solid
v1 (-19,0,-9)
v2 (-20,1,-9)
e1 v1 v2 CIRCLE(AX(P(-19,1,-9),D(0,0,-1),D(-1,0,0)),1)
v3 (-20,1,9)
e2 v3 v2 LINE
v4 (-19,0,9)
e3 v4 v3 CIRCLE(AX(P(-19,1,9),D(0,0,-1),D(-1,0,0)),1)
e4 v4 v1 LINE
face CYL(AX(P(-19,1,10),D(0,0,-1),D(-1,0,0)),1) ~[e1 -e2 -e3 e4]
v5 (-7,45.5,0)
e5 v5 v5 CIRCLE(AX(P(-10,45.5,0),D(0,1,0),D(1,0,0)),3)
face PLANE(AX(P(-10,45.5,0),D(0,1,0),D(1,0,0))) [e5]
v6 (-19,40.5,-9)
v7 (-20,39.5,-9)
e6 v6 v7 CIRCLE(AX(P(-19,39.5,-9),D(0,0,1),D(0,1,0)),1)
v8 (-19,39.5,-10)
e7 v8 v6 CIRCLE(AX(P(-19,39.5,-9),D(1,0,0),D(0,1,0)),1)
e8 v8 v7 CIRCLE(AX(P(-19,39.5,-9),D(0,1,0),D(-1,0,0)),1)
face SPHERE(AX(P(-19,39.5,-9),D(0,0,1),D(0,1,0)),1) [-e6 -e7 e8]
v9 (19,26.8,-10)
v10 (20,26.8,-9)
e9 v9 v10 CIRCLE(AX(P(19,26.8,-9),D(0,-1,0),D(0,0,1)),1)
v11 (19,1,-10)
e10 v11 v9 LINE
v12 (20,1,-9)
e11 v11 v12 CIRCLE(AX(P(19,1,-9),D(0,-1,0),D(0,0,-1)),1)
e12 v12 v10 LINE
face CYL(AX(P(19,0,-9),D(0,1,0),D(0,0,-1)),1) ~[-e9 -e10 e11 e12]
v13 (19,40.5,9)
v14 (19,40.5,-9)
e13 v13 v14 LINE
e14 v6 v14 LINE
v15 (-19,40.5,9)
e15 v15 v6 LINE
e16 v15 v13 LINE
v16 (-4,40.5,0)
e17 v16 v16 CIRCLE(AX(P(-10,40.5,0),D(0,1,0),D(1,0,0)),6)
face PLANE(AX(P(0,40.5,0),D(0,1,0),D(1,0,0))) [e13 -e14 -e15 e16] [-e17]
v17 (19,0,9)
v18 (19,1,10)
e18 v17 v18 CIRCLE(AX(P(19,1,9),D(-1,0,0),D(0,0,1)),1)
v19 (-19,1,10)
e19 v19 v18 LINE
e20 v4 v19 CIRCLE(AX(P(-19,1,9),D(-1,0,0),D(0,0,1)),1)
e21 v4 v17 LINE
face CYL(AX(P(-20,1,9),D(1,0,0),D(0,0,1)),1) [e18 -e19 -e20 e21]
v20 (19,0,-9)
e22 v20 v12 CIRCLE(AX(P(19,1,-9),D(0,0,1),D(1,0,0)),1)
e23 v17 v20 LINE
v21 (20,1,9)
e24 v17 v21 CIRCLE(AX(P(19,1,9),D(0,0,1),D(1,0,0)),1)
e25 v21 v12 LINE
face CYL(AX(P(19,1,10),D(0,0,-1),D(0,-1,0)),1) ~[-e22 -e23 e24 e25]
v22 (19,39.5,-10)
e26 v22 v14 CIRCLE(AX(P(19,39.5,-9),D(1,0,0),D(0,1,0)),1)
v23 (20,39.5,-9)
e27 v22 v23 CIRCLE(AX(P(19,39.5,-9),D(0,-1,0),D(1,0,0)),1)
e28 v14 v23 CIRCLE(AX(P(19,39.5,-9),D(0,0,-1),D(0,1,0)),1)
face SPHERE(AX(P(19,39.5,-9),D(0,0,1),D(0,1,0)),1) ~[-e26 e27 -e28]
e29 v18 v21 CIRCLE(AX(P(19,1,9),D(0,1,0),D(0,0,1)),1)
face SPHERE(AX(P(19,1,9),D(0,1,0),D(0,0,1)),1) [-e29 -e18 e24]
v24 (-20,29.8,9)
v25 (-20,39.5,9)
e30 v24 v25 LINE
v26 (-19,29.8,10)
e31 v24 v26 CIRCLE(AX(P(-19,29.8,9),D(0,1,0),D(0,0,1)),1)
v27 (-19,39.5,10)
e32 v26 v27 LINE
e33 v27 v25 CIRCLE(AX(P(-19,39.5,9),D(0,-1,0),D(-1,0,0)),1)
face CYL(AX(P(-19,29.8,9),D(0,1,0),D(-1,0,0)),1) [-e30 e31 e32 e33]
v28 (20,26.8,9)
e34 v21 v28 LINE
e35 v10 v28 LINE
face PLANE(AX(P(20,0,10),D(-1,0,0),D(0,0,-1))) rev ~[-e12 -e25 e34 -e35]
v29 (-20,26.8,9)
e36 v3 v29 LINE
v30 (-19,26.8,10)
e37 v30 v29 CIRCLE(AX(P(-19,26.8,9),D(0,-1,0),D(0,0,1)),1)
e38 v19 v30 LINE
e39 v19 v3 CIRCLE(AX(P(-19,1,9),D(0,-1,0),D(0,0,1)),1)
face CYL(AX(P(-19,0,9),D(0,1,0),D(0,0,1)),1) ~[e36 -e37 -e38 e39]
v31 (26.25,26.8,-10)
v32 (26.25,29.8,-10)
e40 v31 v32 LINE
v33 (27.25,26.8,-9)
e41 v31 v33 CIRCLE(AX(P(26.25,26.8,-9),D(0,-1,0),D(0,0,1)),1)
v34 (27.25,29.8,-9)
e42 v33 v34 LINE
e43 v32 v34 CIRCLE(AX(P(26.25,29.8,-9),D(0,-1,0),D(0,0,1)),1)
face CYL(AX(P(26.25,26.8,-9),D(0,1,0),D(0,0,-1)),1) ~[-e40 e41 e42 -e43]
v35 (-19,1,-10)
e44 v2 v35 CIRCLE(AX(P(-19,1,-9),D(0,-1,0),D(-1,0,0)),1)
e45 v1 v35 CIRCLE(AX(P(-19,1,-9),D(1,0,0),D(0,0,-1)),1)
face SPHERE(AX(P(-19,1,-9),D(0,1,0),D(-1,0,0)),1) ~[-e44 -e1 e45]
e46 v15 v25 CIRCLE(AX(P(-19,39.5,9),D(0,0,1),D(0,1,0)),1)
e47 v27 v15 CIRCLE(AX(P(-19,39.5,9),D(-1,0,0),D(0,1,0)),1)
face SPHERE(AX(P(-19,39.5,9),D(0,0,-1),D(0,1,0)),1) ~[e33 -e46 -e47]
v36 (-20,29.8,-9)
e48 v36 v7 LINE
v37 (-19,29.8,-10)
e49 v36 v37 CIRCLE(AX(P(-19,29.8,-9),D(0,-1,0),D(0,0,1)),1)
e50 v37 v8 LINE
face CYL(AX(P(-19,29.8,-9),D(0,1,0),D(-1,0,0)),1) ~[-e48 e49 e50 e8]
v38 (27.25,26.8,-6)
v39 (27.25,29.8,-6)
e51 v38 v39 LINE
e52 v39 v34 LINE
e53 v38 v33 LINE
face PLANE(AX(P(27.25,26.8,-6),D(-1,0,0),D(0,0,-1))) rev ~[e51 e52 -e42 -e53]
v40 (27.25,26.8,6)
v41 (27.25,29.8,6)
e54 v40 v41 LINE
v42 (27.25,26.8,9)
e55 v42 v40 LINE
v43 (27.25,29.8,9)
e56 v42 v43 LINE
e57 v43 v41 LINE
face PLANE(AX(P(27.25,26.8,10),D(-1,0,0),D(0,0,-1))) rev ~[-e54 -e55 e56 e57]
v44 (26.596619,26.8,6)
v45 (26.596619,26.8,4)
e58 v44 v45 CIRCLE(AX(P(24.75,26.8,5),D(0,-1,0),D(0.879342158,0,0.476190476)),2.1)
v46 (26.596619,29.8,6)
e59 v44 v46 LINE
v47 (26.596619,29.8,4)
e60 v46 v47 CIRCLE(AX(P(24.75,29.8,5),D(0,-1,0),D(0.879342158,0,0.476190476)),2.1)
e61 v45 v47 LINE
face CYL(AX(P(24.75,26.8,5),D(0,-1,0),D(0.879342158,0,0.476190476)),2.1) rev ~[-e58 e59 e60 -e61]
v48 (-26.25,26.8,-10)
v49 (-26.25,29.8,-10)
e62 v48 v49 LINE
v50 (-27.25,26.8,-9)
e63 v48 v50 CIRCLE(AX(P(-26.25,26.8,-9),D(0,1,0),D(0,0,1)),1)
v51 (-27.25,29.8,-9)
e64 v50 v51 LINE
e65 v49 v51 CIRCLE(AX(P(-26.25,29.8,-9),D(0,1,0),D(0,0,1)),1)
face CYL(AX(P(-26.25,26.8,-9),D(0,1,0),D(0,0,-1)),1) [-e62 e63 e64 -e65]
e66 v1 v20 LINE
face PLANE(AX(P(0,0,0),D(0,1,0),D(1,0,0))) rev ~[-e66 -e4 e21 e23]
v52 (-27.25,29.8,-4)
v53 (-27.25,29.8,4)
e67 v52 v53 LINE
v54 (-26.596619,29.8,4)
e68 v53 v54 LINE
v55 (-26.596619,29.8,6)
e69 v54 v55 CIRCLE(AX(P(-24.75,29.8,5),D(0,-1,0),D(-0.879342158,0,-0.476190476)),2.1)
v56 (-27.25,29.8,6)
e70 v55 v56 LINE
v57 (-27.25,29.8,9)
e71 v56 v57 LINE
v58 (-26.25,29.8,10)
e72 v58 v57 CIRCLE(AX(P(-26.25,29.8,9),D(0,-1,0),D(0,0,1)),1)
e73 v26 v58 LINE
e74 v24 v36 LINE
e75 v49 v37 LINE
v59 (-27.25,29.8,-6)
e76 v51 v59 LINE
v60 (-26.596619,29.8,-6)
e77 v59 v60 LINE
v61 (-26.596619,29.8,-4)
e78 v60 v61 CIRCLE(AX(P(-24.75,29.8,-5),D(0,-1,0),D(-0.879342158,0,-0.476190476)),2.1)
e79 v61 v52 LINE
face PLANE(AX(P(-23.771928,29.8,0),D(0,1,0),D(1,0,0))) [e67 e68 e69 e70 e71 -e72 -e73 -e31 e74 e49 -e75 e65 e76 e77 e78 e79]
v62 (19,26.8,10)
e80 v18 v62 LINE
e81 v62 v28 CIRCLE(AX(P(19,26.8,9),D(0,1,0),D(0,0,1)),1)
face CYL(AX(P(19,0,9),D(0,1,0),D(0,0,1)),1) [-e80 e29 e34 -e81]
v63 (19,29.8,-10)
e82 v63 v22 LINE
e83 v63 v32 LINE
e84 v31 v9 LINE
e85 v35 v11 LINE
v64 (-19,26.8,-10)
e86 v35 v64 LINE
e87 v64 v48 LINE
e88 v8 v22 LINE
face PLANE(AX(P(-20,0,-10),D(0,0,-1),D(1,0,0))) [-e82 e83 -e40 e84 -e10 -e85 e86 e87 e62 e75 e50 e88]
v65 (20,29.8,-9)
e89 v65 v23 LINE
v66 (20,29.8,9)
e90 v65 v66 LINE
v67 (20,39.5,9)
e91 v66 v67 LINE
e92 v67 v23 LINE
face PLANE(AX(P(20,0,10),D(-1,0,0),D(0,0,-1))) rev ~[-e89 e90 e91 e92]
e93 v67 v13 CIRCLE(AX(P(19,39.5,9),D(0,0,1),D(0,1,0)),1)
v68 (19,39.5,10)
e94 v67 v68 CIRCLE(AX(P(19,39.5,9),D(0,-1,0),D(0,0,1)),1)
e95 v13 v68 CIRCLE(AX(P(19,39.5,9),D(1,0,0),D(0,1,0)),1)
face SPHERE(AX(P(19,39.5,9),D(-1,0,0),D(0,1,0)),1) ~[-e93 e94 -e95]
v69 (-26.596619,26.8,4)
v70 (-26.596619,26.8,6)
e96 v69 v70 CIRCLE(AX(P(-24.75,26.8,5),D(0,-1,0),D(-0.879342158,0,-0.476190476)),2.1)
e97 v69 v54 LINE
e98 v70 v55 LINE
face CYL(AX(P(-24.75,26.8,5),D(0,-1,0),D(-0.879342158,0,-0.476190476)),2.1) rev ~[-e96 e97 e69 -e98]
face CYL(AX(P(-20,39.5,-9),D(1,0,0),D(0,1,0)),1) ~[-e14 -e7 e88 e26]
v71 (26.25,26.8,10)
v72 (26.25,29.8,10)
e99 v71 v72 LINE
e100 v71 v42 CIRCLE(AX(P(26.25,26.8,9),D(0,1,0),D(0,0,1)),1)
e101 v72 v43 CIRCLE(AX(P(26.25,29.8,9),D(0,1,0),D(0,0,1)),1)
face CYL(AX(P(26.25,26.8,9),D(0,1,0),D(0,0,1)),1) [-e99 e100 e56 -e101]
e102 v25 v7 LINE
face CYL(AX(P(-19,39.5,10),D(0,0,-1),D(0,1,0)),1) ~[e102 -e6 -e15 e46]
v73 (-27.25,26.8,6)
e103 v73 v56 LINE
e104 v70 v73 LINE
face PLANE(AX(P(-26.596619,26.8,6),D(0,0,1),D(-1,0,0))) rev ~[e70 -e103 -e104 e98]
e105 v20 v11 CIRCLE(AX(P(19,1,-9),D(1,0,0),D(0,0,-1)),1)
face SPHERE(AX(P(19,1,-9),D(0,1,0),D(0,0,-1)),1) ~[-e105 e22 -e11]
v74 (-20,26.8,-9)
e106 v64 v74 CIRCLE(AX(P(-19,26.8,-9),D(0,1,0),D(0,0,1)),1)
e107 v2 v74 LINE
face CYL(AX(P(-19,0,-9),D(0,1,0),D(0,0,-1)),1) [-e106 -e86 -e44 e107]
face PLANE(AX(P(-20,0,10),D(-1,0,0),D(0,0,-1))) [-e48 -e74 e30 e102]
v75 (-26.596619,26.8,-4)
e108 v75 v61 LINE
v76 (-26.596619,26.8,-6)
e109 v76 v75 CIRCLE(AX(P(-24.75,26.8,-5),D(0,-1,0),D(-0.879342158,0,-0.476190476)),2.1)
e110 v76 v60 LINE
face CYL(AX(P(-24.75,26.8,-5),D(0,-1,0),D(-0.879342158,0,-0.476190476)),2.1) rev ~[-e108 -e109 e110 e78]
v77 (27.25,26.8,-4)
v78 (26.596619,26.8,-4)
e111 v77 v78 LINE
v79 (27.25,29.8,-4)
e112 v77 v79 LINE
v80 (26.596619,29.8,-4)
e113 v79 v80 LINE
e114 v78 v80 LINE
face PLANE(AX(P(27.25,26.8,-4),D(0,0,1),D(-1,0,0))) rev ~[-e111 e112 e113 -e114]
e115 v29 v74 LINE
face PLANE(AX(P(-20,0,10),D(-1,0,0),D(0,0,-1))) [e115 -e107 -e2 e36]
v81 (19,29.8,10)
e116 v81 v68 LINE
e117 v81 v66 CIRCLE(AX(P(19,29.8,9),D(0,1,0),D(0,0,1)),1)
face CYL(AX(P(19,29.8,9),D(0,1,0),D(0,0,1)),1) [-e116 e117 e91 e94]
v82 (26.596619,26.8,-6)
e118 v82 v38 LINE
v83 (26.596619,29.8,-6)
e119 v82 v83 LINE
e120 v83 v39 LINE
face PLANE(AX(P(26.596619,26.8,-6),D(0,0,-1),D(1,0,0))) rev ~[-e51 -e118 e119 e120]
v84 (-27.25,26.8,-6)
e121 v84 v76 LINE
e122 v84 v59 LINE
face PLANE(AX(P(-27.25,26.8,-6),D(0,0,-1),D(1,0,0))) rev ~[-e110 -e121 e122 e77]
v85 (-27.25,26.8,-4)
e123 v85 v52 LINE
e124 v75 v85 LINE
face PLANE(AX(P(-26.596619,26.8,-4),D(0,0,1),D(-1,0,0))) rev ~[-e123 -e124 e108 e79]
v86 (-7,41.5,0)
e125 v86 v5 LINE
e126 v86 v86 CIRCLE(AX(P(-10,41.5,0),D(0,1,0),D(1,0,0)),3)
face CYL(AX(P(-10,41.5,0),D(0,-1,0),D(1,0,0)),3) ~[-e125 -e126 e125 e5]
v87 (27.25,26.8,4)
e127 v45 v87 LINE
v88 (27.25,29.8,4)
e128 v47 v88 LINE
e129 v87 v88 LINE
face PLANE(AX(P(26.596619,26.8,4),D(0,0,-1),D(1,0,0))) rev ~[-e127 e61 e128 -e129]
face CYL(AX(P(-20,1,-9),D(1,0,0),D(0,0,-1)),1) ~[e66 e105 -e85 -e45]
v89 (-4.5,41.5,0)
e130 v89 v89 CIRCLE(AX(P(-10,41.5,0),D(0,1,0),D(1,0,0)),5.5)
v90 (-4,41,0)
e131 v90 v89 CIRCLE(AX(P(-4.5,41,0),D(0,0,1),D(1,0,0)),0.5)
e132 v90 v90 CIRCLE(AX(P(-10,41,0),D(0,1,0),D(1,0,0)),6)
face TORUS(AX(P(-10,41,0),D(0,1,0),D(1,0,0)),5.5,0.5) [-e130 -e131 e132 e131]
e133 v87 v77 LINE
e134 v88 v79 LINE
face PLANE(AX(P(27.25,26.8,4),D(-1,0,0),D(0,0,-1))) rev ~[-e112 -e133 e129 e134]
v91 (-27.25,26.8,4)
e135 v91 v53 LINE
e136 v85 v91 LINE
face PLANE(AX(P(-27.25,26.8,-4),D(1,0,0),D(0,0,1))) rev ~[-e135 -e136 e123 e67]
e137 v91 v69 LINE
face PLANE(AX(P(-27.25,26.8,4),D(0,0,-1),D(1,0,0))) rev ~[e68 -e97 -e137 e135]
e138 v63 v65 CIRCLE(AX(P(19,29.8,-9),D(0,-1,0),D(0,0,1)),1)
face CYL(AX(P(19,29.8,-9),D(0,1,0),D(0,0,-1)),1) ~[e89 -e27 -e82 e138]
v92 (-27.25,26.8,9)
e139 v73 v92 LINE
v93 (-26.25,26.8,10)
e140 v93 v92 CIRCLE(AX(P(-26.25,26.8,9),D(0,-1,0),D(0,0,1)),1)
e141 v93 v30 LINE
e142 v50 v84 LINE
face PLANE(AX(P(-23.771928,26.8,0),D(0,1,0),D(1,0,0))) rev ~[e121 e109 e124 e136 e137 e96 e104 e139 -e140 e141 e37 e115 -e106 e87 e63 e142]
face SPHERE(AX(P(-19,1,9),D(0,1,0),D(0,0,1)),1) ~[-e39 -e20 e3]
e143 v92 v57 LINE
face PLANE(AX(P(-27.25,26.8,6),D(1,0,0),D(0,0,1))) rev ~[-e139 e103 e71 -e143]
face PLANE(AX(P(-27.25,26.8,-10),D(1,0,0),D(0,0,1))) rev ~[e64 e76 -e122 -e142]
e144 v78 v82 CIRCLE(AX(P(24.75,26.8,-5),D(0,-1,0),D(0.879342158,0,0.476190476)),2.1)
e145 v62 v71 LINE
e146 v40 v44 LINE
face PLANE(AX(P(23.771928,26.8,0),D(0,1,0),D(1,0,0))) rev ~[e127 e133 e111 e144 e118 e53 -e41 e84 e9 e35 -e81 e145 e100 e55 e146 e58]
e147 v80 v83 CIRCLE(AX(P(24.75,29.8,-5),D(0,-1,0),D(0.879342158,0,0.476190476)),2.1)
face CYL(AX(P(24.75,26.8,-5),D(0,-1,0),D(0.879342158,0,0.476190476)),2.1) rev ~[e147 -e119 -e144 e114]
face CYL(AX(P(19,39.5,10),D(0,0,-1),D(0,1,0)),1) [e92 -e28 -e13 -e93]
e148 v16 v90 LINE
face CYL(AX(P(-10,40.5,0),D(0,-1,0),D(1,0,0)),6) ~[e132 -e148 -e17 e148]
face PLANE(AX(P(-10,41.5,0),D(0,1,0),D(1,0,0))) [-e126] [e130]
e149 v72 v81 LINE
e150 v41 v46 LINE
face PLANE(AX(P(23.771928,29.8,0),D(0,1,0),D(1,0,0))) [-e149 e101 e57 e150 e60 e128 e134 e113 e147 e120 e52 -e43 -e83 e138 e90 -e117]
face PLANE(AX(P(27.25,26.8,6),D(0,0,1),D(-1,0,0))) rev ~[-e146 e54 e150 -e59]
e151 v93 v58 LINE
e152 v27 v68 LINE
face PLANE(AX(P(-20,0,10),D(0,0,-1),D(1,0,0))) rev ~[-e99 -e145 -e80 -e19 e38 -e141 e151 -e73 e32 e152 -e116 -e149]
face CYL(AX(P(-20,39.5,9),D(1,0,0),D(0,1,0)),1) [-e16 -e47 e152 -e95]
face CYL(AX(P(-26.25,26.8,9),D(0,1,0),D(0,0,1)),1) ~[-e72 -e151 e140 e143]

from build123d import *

# Parameters (mm, degrees)
SKETCH1_W           = 40
SKETCH1_H           = 20
BOSS_EXTRUDE1_DEPTH = 40.5
BOSS_EXTRUDE2_DEPTH = 3
FILLET1_R           = 1
SKETCH3_R           = 6
BOSS_EXTRUDE3_DEPTH = 1
SKETCH4_R           = 3
BOSS_EXTRUDE4_DEPTH = 4
FILLET2_R           = 0.5
FILLET3_R           = 1


with BuildPart() as part:
    # Sketch1 → Boss-Extrude1 (new body)
    with BuildSketch(Plane(origin=(0, 0, 0), x_dir=(1, 0, 0), z_dir=(0, 1, 0))):
        Rectangle(SKETCH1_W, SKETCH1_H)
    extrude(amount=BOSS_EXTRUDE1_DEPTH)

    # Sketch2 → Boss-Extrude2 (add)
    with BuildSketch(Plane(origin=(0, 26.8, 0), x_dir=(1, 0, 0), z_dir=(0, 1, 0))):
        with BuildLine():
            Line((-20, -10), (-20, 10))
            Line((-20, 10), (-27.25, 10))
            Line((-27.25, 10), (-27.25, 6))
            Line((-27.25, 6), (-26.596618531, 6))
            ThreePointArc((-26.596618531, 6), (-22.65, 5), (-26.596618531, 4))
            Line((-26.596618531, 4), (-27.25, 4))
            Line((-27.25, 4), (-27.25, -4))
            Line((-27.25, -4), (-26.596618531, -4))
            ThreePointArc((-26.596618531, -4), (-22.65, -5), (-26.596618531, -6))
            Line((-26.596618531, -6), (-27.25, -6))
            Line((-27.25, -6), (-27.25, -10))
            Line((-27.25, -10), (-20, -10))
        make_face()
        with BuildLine():
            Line((27.25, 10), (20, 10))
            Line((20, 10), (20, -10))
            Line((20, -10), (27.25, -10))
            Line((27.25, -10), (27.25, -6))
            Line((27.25, -6), (26.596618531, -6))
            ThreePointArc((26.596618531, -6), (22.65, -5), (26.596618531, -4))
            Line((26.596618531, -4), (27.25, -4))
            Line((27.25, -4), (27.25, 4))
            Line((27.25, 4), (26.596618531, 4))
            ThreePointArc((26.596618531, 4), (22.65, 5), (26.596618531, 6))
            Line((26.596618531, 6), (27.25, 6))
            Line((27.25, 6), (27.25, 10))
        make_face()
    extrude(amount=BOSS_EXTRUDE2_DEPTH)

    # Fillet1
    fillet1_edges = [part.edges().sort_by_distance(p)[0] for p in [
        (-27.25, 28.3, 10),
        (-27.25, 28.3, -10),
        (27.25, 28.3, -10),
        (27.25, 28.3, 10),
    ]]
    fillet(fillet1_edges, radius=FILLET1_R)

    # Sketch3 → Boss-Extrude3 (add)
    with BuildSketch(Plane(origin=(0, 40.5, 0), x_dir=(1, 0, 0), z_dir=(0, 1, 0))):
        with Locations((-10, 0)):
            Circle(SKETCH3_R)
    extrude(amount=BOSS_EXTRUDE3_DEPTH)

    # Sketch4 → Boss-Extrude4 (add)
    with BuildSketch(Plane(origin=(0, 41.5, 0), x_dir=(1, 0, 0), z_dir=(0, 1, 0))):
        with Locations((-10, 0)):
            Circle(SKETCH4_R)
    extrude(amount=BOSS_EXTRUDE4_DEPTH)

    # Fillet2
    fillet2_edges = [part.edges().sort_by_distance(p)[0] for p in [
        (-16, 41.5, 0),
    ]]
    fillet(fillet2_edges, radius=FILLET2_R)

    # Fillet3
    fillet3_edges = [part.edges().sort_by_distance(p)[0] for p in [
        (-20, 40.5, 0),
        (0, 40.5, 10),
        (-20, 13.4, 10),
        (-20, 13.4, -10),
        (20, 13.4, -10),
        (20, 13.4, 10),
        (20, 40.5, 0),
        (0, 0, 10),
        (-20, 0, 0),
        (0, 0, -10),
        (20, 0, 0),
        (0, 40.5, -10),
        (20, 35.15, 10),
        (-20, 35.15, 10),
        (-20, 35.15, -10),
        (20, 35.15, -10),
    ]]
    fillet(fillet3_edges, radius=FILLET3_R)


solid = part.part
